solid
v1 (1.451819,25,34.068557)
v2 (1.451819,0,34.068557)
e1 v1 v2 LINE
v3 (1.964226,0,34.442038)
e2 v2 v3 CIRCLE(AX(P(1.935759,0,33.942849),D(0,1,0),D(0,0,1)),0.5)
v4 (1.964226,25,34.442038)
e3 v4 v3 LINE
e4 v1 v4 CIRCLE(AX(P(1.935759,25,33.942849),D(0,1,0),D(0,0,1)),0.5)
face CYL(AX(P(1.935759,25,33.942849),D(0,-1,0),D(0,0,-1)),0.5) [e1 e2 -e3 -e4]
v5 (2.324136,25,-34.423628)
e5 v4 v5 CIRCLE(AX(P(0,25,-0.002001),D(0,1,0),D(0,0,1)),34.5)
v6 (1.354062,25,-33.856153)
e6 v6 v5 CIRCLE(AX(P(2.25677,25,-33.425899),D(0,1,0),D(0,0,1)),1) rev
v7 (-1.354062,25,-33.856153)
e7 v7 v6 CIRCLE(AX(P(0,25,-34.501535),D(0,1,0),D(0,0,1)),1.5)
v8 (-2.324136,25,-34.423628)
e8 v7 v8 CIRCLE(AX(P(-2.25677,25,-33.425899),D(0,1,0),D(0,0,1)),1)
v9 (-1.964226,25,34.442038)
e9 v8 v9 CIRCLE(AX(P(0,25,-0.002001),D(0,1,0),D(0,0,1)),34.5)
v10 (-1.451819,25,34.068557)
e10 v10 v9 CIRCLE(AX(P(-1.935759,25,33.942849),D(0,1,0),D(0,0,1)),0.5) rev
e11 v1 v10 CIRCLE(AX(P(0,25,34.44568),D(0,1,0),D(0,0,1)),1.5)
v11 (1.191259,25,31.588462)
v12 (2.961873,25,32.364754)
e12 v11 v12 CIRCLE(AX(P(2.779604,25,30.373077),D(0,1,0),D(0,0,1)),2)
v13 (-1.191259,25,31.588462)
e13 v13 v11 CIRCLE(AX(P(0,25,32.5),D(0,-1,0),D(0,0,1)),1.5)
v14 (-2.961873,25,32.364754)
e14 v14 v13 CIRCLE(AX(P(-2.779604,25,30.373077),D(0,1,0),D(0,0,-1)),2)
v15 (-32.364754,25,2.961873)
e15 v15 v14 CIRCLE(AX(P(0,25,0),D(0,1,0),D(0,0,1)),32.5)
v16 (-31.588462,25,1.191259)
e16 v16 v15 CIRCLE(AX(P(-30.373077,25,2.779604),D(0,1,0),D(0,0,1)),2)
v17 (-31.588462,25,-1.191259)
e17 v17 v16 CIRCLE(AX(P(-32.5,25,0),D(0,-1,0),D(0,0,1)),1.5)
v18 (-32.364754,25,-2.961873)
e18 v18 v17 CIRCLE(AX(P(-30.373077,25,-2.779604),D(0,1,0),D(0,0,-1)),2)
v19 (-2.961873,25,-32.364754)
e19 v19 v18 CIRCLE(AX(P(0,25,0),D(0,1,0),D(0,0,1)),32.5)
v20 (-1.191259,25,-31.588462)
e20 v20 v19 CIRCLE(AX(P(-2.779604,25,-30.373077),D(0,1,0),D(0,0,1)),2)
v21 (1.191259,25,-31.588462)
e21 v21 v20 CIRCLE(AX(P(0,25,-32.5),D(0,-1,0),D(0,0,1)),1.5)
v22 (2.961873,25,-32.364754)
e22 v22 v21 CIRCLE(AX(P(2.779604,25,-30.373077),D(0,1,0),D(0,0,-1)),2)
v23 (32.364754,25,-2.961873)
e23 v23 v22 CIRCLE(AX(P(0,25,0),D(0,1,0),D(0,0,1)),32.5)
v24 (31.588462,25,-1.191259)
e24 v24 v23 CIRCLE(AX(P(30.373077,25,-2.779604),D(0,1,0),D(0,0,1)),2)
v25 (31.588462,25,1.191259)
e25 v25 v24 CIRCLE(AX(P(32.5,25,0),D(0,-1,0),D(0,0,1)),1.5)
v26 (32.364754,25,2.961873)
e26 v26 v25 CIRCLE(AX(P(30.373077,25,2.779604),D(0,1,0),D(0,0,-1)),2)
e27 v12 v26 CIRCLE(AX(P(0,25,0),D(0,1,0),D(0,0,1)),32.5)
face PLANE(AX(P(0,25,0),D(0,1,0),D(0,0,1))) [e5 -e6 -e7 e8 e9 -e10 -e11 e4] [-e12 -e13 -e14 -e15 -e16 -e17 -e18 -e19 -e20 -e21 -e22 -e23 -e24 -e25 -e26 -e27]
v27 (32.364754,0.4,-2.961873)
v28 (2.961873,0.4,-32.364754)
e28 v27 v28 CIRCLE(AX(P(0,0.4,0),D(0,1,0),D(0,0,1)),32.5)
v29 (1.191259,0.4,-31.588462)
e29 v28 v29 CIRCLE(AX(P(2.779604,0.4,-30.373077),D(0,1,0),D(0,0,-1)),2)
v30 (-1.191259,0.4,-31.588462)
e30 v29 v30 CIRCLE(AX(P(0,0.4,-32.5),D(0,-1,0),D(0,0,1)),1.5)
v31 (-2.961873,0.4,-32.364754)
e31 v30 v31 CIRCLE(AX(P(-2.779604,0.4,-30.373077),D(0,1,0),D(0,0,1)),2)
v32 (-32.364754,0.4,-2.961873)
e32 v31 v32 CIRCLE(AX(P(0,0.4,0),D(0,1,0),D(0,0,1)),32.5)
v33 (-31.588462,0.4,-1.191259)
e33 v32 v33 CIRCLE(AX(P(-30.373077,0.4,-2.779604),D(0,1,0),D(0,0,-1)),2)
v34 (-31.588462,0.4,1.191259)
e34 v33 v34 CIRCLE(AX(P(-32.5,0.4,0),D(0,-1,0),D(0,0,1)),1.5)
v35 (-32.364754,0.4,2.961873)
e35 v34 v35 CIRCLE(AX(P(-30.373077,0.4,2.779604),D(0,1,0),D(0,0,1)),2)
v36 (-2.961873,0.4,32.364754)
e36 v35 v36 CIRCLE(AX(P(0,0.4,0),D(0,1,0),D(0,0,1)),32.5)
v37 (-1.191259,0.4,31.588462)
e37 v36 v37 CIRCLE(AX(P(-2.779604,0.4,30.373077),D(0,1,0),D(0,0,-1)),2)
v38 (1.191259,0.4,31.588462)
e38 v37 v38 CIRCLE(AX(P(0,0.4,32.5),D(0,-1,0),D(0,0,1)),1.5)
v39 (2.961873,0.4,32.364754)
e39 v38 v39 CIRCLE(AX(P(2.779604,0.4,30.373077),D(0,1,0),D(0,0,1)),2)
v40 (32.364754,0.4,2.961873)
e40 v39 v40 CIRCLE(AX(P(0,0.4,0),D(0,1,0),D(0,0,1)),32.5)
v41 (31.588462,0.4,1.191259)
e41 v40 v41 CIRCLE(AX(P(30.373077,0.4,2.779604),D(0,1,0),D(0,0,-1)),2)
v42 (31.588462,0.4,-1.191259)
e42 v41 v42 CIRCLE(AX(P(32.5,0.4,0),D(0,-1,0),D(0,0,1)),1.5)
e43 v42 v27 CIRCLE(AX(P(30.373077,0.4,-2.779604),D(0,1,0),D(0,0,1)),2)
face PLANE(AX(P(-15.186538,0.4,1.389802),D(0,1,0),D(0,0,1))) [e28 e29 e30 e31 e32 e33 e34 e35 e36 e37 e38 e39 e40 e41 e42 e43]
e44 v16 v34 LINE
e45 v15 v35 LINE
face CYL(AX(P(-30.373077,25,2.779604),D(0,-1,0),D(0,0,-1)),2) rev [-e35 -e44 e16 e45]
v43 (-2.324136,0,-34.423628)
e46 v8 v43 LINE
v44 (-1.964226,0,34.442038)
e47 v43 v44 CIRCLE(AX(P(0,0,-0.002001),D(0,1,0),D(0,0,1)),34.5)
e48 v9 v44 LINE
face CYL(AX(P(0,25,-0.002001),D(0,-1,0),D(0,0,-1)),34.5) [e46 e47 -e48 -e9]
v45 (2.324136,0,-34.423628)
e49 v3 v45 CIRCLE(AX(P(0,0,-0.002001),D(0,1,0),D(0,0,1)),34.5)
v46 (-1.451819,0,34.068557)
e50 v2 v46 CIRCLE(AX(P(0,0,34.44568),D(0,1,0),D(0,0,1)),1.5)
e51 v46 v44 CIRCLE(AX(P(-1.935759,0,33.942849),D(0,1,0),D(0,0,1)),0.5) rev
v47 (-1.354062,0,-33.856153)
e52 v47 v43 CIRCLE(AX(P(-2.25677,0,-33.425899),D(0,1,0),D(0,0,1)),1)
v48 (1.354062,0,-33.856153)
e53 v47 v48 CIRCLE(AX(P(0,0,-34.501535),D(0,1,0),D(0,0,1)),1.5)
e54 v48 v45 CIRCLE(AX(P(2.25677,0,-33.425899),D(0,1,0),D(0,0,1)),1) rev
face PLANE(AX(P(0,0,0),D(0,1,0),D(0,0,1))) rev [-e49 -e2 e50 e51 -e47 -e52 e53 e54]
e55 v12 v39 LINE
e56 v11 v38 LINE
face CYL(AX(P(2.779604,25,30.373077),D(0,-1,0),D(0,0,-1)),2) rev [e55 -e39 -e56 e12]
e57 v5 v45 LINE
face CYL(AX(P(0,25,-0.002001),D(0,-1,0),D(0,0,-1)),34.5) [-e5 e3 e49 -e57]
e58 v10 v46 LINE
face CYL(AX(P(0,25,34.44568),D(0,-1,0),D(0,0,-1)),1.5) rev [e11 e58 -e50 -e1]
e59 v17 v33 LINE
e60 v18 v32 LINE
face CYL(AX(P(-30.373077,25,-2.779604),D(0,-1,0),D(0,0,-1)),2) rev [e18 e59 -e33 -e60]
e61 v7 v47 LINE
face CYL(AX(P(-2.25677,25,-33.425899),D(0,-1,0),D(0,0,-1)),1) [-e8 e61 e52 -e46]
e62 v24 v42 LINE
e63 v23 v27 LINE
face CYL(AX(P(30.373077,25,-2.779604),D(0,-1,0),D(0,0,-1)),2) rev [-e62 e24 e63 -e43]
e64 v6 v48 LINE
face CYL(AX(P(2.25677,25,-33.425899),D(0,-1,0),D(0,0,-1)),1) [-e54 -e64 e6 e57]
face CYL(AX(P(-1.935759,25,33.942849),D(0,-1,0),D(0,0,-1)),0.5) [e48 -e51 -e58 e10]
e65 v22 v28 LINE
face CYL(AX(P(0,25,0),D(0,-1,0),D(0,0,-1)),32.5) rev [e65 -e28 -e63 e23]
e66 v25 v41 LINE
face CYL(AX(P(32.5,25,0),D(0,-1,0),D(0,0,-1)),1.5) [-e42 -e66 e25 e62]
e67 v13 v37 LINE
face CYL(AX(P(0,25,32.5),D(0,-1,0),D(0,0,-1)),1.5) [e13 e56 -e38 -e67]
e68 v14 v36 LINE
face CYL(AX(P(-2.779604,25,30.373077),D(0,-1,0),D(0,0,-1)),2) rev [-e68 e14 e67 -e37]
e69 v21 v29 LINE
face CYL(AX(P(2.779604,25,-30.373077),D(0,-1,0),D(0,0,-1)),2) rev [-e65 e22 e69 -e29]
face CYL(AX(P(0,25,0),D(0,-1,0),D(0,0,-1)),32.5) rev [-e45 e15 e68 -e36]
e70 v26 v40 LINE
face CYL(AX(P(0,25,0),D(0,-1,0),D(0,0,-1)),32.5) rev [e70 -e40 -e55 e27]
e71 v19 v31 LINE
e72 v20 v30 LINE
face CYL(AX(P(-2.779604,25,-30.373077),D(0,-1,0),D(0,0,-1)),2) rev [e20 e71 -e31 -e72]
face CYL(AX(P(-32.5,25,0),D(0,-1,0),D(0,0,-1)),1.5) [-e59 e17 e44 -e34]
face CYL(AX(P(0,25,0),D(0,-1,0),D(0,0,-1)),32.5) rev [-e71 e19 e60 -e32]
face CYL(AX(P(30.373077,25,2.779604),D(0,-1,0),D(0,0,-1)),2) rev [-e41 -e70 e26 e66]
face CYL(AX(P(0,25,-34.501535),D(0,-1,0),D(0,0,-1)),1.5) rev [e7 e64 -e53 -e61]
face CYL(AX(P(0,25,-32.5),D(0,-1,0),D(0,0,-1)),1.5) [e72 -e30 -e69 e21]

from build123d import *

# Parameters (mm, degrees)
BOSS_EXTRUDE1_DEPTH = 25
CUT_EXTRUDE2_DEPTH  = 26
BOSS_EXTRUDE2_DEPTH = 0.4


with BuildPart() as part:
    # Sketch1 → Boss-Extrude1 (new body)
    with BuildSketch(Plane(origin=(0, 0, 0), x_dir=(1, 0, 0), z_dir=(0, 1, 0))):
        with BuildLine():
            ThreePointArc((1.451818925, -34.068556857), (1.641248992, -34.346908706), (1.964225605, -34.442038138))
            ThreePointArc((1.964225605, -34.442038138), (26.591847487, -21.978073076), (34.198225299, 4.555174015))
            ThreePointArc((34.198225299, 4.555174015), (23.590291339, 25.176355888), (2.324135821, 34.423627607))
            ThreePointArc((2.324135821, 34.423627607), (1.751838249, 34.289058819), (1.354061739, 33.856153382))
            ThreePointArc((1.354061739, 33.856153382), (0, 33.001534515), (-1.354061739, 33.856153382))
            ThreePointArc((-1.354061739, 33.856153382), (-1.751838249, 34.289058819), (-2.324135821, 34.423627607))
            ThreePointArc((-2.324135821, 34.423627607), (-23.590291339, 25.176355888), (-34.198225299, 4.555174015))
            ThreePointArc((-34.198225299, 4.555174015), (-26.591847487, -21.978073076), (-1.964225605, -34.442038138))
            ThreePointArc((-1.964225605, -34.442038138), (-1.641248992, -34.346908706), (-1.451818925, -34.068556857))
            ThreePointArc((-1.451818925, -34.068556857), (0, -32.945679925), (1.451818925, -34.068556857))
        make_face()
        with BuildLine():
            Line((-2.417, 3.787737139), (0, 3.787737139))
            Line((0, 3.787737139), (2.417, 3.787737139))
            ThreePointArc((2.417, 3.787737139), (0, -4.489512172), (-2.417, 3.787737139))
        make_face(mode=Mode.SUBTRACT)
    extrude(amount=BOSS_EXTRUDE1_DEPTH)

    # Sketch2 → Cut-Extrude2 (cut, through all)
    with BuildSketch(Plane(origin=(0, 0, 0), x_dir=(1, 0, 0), z_dir=(0, 1, 0))):
        with BuildLine():
            ThreePointArc((-32.364754098, -2.961873082), (-22.980970389, -22.980970389), (-2.961873082, -32.364754098))
            ThreePointArc((-2.961873082, -32.364754098), (-1.976534873, -32.204764677), (-1.191258844, -31.588461538))
            ThreePointArc((-1.191258844, -31.588461538), (0, -31), (1.191258844, -31.588461538))
            ThreePointArc((1.191258844, -31.588461538), (1.976534873, -32.204764677), (2.961873082, -32.364754098))
            ThreePointArc((2.961873082, -32.364754098), (22.980970389, -22.980970389), (32.364754098, -2.961873082))
            ThreePointArc((32.364754098, -2.961873082), (32.204764677, -1.976534873), (31.588461538, -1.191258844))
            ThreePointArc((31.588461538, -1.191258844), (31, 0), (31.588461538, 1.191258844))
            ThreePointArc((31.588461538, 1.191258844), (32.204764677, 1.976534873), (32.364754098, 2.961873082))
            ThreePointArc((32.364754098, 2.961873082), (22.980970389, 22.980970389), (2.961873082, 32.364754098))
            ThreePointArc((2.961873082, 32.364754098), (1.976534873, 32.204764677), (1.191258844, 31.588461538))
            ThreePointArc((1.191258844, 31.588461538), (0, 31), (-1.191258844, 31.588461538))
            ThreePointArc((-1.191258844, 31.588461538), (-1.976534873, 32.204764677), (-2.961873082, 32.364754098))
            ThreePointArc((-2.961873082, 32.364754098), (-22.980970389, 22.980970389), (-32.364754098, 2.961873082))
            ThreePointArc((-32.364754098, 2.961873082), (-32.204764677, 1.976534873), (-31.588461538, 1.191258844))
            ThreePointArc((-31.588461538, 1.191258844), (-31, 0), (-31.588461538, -1.191258844))
            ThreePointArc((-31.588461538, -1.191258844), (-32.204764677, -1.976534873), (-32.364754098, -2.961873082))
        make_face()
    extrude(amount=CUT_EXTRUDE2_DEPTH, mode=Mode.SUBTRACT)

    # Sketch2<2> → Boss-Extrude2 (add)
    with BuildSketch(Plane(origin=(0, 0, 0), x_dir=(1, 0, 0), z_dir=(0, 1, 0))):
        with BuildLine():
            ThreePointArc((-32.364754098, -2.961873082), (-22.980970389, -22.980970389), (-2.961873082, -32.364754098))
            ThreePointArc((-2.961873082, -32.364754098), (-1.976534873, -32.204764677), (-1.191258844, -31.588461538))
            ThreePointArc((-1.191258844, -31.588461538), (0, -31), (1.191258844, -31.588461538))
            ThreePointArc((1.191258844, -31.588461538), (1.976534873, -32.204764677), (2.961873082, -32.364754098))
            ThreePointArc((2.961873082, -32.364754098), (22.980970389, -22.980970389), (32.364754098, -2.961873082))
            ThreePointArc((32.364754098, -2.961873082), (32.204764677, -1.976534873), (31.588461538, -1.191258844))
            ThreePointArc((31.588461538, -1.191258844), (31, 0), (31.588461538, 1.191258844))
            ThreePointArc((31.588461538, 1.191258844), (32.204764677, 1.976534873), (32.364754098, 2.961873082))
            ThreePointArc((32.364754098, 2.961873082), (22.980970389, 22.980970389), (2.961873082, 32.364754098))
            ThreePointArc((2.961873082, 32.364754098), (1.976534873, 32.204764677), (1.191258844, 31.588461538))
            ThreePointArc((1.191258844, 31.588461538), (0, 31), (-1.191258844, 31.588461538))
            ThreePointArc((-1.191258844, 31.588461538), (-1.976534873, 32.204764677), (-2.961873082, 32.364754098))
            ThreePointArc((-2.961873082, 32.364754098), (-22.980970389, 22.980970389), (-32.364754098, 2.961873082))
            ThreePointArc((-32.364754098, 2.961873082), (-32.204764677, 1.976534873), (-31.588461538, 1.191258844))
            ThreePointArc((-31.588461538, 1.191258844), (-31, 0), (-31.588461538, -1.191258844))
            ThreePointArc((-31.588461538, -1.191258844), (-32.204764677, -1.976534873), (-32.364754098, -2.961873082))
        make_face()
    extrude(amount=BOSS_EXTRUDE2_DEPTH)


solid = part.part
